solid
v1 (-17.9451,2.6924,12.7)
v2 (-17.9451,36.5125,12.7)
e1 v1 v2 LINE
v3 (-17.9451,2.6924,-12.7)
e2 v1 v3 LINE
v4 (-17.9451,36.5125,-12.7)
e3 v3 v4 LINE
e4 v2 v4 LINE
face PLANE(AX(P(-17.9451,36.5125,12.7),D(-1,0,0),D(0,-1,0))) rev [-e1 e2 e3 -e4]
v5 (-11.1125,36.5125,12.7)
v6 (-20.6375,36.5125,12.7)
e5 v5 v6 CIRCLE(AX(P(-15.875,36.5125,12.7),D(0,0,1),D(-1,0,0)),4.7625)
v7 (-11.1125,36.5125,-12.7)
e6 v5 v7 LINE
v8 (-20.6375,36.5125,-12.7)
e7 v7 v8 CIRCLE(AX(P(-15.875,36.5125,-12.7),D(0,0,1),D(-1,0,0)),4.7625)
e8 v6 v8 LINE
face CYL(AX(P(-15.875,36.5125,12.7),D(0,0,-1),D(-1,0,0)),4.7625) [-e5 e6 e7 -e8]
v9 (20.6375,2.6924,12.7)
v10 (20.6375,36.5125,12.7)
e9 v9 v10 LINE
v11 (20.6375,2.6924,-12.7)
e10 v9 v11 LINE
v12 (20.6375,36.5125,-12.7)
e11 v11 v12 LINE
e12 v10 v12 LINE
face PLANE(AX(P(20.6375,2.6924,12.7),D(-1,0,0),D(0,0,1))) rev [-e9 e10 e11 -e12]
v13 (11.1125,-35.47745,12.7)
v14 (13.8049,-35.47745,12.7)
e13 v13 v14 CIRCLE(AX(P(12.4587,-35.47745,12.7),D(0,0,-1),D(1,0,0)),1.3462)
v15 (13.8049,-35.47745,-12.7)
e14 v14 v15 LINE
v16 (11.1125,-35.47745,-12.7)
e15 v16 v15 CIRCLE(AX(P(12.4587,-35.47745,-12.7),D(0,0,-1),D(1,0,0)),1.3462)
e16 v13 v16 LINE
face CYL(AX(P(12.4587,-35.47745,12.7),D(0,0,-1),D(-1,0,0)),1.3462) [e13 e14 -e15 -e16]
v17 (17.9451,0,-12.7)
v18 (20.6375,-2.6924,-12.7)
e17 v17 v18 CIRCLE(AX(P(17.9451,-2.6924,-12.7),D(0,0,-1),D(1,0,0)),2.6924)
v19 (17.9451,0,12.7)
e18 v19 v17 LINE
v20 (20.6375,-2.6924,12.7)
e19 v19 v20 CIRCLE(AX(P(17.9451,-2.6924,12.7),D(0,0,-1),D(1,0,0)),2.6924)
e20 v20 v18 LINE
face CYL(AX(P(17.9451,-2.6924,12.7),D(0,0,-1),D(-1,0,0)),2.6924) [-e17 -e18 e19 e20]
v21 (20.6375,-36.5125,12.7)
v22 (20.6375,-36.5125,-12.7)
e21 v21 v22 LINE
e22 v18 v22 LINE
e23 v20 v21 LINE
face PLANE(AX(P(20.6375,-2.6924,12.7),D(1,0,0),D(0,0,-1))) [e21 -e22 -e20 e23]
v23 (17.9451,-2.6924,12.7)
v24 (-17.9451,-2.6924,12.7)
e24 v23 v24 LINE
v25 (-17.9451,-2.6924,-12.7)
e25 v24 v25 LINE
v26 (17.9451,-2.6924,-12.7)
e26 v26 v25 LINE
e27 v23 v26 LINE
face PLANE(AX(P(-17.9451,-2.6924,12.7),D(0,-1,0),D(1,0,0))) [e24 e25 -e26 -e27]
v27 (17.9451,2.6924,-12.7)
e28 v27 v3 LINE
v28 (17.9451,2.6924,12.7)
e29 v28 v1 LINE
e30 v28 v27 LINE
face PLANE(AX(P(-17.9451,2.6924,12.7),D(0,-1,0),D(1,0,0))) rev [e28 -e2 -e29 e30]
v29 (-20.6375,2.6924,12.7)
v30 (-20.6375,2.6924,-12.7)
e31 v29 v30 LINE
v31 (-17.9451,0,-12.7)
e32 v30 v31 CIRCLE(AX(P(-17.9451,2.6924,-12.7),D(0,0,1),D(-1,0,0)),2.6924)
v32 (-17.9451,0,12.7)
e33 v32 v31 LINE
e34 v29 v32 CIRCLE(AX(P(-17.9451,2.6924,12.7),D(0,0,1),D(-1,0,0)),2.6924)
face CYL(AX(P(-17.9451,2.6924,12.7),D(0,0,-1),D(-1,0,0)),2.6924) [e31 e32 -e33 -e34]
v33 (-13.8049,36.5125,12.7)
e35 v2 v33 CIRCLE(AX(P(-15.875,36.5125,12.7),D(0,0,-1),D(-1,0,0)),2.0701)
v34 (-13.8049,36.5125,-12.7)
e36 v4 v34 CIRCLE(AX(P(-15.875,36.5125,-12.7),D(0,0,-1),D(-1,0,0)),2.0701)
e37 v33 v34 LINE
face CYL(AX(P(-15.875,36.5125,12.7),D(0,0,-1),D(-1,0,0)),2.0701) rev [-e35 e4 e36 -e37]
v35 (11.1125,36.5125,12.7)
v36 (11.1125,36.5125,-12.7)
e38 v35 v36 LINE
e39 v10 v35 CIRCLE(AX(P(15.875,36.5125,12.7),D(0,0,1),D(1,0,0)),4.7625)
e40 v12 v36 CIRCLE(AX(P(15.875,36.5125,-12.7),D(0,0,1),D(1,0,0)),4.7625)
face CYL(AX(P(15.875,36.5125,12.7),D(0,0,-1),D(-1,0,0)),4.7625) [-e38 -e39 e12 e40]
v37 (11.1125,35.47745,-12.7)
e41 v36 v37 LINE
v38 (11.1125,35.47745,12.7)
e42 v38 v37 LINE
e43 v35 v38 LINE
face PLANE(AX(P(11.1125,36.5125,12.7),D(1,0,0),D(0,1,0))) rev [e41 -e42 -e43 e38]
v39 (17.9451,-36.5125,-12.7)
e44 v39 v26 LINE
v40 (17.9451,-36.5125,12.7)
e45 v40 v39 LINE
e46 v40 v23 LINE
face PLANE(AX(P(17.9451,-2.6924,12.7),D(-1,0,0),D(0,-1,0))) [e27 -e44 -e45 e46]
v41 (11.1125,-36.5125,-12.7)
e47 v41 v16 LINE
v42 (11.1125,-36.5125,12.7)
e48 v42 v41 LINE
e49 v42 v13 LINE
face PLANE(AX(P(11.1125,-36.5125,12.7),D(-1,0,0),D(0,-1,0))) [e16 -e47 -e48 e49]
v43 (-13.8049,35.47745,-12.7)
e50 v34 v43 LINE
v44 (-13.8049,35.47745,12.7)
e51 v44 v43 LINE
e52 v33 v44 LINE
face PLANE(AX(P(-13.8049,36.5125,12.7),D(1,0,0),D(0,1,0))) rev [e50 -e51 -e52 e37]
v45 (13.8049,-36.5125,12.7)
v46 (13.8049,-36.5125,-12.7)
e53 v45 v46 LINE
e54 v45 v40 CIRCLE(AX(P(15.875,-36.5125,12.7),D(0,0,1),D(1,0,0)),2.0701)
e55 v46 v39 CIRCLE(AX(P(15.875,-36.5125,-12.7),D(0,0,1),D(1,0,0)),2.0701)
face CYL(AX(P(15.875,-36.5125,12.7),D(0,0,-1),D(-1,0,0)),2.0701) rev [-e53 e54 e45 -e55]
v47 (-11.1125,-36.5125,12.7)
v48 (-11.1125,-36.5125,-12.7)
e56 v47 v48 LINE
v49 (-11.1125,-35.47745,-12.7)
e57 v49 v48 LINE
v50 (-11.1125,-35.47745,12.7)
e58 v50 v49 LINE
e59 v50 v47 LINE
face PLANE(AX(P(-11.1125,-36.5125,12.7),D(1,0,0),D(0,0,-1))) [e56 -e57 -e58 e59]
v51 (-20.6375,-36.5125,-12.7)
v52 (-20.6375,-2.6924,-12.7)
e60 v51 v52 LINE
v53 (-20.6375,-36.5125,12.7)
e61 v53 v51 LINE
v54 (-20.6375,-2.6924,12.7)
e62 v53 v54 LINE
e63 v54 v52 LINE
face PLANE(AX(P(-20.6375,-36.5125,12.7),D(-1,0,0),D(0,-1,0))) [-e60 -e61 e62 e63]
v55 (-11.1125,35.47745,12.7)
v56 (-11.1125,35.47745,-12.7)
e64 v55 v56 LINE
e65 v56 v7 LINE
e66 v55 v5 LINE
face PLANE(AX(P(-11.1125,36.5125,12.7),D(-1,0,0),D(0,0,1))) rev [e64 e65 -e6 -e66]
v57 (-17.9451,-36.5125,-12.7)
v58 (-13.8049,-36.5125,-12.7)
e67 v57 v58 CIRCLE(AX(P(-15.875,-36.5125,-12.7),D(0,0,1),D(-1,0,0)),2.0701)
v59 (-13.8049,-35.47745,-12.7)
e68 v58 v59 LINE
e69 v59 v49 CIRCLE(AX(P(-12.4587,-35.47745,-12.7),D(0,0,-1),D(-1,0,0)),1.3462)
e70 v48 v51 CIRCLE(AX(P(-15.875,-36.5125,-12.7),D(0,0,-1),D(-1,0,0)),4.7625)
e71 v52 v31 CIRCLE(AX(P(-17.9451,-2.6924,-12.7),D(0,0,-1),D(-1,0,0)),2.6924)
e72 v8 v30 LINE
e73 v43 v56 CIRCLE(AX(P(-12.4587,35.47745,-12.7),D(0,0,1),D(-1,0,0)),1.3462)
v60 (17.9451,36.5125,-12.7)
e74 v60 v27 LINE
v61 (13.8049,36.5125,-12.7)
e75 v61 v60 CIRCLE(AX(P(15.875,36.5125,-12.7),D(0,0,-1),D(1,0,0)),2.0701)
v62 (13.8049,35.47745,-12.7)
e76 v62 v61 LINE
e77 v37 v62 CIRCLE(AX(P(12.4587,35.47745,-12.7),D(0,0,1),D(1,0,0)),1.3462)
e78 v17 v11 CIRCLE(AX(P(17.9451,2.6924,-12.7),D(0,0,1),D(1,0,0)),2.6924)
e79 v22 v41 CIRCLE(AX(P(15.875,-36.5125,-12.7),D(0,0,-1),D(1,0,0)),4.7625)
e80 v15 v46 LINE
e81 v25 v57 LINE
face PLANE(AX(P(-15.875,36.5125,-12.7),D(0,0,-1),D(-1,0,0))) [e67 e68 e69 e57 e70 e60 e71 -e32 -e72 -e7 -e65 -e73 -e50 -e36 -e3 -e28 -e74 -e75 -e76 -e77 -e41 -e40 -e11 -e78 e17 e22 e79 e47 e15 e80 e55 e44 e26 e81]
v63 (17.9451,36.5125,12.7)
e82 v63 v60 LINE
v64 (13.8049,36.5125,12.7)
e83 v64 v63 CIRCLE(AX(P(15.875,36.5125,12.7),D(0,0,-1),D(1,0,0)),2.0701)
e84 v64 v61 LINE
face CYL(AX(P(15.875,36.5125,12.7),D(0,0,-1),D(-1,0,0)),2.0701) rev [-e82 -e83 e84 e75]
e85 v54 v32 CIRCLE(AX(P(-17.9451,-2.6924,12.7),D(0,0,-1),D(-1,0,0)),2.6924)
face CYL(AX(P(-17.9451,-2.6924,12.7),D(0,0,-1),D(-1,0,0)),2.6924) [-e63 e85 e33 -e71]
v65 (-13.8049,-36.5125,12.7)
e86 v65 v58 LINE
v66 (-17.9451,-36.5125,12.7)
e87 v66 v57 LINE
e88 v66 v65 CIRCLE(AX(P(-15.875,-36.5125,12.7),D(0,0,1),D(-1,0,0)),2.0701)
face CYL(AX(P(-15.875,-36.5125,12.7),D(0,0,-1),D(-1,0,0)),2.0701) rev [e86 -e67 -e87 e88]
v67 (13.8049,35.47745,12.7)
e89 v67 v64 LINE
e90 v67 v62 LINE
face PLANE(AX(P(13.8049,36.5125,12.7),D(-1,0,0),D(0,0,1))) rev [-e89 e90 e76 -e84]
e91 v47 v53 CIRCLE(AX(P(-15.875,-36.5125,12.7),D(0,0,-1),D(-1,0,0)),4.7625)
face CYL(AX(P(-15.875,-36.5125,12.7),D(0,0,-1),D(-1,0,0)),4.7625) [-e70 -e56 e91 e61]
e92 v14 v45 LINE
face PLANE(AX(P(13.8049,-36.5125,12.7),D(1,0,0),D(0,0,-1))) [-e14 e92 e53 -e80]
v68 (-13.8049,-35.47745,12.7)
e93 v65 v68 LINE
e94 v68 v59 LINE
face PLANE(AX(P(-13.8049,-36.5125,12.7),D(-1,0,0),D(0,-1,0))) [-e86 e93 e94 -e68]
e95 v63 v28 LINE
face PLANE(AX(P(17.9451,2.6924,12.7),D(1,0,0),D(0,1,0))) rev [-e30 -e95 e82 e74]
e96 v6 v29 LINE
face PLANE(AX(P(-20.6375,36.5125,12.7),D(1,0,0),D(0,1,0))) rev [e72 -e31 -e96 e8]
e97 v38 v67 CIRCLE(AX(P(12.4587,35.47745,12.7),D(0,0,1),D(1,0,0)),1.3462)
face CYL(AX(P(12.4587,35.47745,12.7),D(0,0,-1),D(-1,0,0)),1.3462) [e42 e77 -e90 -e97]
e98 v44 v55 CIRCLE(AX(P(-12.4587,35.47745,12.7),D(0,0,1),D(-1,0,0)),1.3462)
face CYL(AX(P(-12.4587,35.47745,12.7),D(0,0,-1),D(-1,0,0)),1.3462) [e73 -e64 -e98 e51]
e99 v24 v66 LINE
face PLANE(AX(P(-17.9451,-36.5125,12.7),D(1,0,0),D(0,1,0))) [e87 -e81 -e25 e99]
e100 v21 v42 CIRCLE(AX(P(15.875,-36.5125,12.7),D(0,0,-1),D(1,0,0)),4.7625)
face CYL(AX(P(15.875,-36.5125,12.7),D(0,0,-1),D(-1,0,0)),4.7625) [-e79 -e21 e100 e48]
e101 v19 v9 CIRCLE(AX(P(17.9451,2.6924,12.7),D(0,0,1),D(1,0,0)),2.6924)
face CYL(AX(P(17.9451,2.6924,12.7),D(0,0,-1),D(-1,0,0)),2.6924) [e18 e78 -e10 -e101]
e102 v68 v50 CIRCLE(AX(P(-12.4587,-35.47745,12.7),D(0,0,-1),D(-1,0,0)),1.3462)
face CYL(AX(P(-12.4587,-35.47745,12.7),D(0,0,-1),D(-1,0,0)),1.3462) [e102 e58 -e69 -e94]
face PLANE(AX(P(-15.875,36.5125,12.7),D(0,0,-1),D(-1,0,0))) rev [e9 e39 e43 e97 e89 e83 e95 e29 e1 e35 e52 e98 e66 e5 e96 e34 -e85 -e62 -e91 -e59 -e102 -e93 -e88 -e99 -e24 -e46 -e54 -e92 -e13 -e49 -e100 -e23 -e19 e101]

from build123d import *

# Parameters (mm, degrees)
BASE_EXTRUDE_DEPTH = 12.7


with BuildPart() as part:
    # Sketch1 → Base-Extrude (new, symmetric)
    with BuildSketch(Plane.XY):
        with BuildLine():
            Line((-20.6375, 36.5125), (-20.6375, 2.6924))
            ThreePointArc((-20.6375, 2.6924), (-19.848914298, 0.788585702), (-17.9451, 0))
            Line((-17.9451, 0), (17.9451, 0))
            ThreePointArc((17.9451, 0), (19.848914298, 0.788585702), (20.6375, 2.6924))
            Line((20.6375, 2.6924), (20.6375, 36.5125))
            ThreePointArc((20.6375, 36.5125), (15.875, 41.275), (11.1125, 36.5125))
            Line((11.1125, 36.5125), (11.1125, 35.47745))
            ThreePointArc((11.1125, 35.47745), (12.4587, 34.13125), (13.8049, 35.47745))
            Line((13.8049, 35.47745), (13.8049, 36.5125))
            ThreePointArc((13.8049, 36.5125), (15.875, 38.5826), (17.9451, 36.5125))
            Line((17.9451, 36.5125), (17.9451, 2.6924))
            Line((17.9451, 2.6924), (-17.9451, 2.6924))
            Line((-17.9451, 2.6924), (-17.9451, 36.5125))
            ThreePointArc((-17.9451, 36.5125), (-15.875, 38.5826), (-13.8049, 36.5125))
            Line((-13.8049, 36.5125), (-13.8049, 35.47745))
            ThreePointArc((-13.8049, 35.47745), (-12.4587, 34.13125), (-11.1125, 35.47745))
            Line((-11.1125, 35.47745), (-11.1125, 36.5125))
            ThreePointArc((-11.1125, 36.5125), (-15.875, 41.275), (-20.6375, 36.5125))
        make_face()
    base_extrude = extrude(amount=BASE_EXTRUDE_DEPTH, both=True)

    # Mirror1: Base-Extrude across plane
    add(base_extrude.mirror(Plane.ZX))


solid = part.part
